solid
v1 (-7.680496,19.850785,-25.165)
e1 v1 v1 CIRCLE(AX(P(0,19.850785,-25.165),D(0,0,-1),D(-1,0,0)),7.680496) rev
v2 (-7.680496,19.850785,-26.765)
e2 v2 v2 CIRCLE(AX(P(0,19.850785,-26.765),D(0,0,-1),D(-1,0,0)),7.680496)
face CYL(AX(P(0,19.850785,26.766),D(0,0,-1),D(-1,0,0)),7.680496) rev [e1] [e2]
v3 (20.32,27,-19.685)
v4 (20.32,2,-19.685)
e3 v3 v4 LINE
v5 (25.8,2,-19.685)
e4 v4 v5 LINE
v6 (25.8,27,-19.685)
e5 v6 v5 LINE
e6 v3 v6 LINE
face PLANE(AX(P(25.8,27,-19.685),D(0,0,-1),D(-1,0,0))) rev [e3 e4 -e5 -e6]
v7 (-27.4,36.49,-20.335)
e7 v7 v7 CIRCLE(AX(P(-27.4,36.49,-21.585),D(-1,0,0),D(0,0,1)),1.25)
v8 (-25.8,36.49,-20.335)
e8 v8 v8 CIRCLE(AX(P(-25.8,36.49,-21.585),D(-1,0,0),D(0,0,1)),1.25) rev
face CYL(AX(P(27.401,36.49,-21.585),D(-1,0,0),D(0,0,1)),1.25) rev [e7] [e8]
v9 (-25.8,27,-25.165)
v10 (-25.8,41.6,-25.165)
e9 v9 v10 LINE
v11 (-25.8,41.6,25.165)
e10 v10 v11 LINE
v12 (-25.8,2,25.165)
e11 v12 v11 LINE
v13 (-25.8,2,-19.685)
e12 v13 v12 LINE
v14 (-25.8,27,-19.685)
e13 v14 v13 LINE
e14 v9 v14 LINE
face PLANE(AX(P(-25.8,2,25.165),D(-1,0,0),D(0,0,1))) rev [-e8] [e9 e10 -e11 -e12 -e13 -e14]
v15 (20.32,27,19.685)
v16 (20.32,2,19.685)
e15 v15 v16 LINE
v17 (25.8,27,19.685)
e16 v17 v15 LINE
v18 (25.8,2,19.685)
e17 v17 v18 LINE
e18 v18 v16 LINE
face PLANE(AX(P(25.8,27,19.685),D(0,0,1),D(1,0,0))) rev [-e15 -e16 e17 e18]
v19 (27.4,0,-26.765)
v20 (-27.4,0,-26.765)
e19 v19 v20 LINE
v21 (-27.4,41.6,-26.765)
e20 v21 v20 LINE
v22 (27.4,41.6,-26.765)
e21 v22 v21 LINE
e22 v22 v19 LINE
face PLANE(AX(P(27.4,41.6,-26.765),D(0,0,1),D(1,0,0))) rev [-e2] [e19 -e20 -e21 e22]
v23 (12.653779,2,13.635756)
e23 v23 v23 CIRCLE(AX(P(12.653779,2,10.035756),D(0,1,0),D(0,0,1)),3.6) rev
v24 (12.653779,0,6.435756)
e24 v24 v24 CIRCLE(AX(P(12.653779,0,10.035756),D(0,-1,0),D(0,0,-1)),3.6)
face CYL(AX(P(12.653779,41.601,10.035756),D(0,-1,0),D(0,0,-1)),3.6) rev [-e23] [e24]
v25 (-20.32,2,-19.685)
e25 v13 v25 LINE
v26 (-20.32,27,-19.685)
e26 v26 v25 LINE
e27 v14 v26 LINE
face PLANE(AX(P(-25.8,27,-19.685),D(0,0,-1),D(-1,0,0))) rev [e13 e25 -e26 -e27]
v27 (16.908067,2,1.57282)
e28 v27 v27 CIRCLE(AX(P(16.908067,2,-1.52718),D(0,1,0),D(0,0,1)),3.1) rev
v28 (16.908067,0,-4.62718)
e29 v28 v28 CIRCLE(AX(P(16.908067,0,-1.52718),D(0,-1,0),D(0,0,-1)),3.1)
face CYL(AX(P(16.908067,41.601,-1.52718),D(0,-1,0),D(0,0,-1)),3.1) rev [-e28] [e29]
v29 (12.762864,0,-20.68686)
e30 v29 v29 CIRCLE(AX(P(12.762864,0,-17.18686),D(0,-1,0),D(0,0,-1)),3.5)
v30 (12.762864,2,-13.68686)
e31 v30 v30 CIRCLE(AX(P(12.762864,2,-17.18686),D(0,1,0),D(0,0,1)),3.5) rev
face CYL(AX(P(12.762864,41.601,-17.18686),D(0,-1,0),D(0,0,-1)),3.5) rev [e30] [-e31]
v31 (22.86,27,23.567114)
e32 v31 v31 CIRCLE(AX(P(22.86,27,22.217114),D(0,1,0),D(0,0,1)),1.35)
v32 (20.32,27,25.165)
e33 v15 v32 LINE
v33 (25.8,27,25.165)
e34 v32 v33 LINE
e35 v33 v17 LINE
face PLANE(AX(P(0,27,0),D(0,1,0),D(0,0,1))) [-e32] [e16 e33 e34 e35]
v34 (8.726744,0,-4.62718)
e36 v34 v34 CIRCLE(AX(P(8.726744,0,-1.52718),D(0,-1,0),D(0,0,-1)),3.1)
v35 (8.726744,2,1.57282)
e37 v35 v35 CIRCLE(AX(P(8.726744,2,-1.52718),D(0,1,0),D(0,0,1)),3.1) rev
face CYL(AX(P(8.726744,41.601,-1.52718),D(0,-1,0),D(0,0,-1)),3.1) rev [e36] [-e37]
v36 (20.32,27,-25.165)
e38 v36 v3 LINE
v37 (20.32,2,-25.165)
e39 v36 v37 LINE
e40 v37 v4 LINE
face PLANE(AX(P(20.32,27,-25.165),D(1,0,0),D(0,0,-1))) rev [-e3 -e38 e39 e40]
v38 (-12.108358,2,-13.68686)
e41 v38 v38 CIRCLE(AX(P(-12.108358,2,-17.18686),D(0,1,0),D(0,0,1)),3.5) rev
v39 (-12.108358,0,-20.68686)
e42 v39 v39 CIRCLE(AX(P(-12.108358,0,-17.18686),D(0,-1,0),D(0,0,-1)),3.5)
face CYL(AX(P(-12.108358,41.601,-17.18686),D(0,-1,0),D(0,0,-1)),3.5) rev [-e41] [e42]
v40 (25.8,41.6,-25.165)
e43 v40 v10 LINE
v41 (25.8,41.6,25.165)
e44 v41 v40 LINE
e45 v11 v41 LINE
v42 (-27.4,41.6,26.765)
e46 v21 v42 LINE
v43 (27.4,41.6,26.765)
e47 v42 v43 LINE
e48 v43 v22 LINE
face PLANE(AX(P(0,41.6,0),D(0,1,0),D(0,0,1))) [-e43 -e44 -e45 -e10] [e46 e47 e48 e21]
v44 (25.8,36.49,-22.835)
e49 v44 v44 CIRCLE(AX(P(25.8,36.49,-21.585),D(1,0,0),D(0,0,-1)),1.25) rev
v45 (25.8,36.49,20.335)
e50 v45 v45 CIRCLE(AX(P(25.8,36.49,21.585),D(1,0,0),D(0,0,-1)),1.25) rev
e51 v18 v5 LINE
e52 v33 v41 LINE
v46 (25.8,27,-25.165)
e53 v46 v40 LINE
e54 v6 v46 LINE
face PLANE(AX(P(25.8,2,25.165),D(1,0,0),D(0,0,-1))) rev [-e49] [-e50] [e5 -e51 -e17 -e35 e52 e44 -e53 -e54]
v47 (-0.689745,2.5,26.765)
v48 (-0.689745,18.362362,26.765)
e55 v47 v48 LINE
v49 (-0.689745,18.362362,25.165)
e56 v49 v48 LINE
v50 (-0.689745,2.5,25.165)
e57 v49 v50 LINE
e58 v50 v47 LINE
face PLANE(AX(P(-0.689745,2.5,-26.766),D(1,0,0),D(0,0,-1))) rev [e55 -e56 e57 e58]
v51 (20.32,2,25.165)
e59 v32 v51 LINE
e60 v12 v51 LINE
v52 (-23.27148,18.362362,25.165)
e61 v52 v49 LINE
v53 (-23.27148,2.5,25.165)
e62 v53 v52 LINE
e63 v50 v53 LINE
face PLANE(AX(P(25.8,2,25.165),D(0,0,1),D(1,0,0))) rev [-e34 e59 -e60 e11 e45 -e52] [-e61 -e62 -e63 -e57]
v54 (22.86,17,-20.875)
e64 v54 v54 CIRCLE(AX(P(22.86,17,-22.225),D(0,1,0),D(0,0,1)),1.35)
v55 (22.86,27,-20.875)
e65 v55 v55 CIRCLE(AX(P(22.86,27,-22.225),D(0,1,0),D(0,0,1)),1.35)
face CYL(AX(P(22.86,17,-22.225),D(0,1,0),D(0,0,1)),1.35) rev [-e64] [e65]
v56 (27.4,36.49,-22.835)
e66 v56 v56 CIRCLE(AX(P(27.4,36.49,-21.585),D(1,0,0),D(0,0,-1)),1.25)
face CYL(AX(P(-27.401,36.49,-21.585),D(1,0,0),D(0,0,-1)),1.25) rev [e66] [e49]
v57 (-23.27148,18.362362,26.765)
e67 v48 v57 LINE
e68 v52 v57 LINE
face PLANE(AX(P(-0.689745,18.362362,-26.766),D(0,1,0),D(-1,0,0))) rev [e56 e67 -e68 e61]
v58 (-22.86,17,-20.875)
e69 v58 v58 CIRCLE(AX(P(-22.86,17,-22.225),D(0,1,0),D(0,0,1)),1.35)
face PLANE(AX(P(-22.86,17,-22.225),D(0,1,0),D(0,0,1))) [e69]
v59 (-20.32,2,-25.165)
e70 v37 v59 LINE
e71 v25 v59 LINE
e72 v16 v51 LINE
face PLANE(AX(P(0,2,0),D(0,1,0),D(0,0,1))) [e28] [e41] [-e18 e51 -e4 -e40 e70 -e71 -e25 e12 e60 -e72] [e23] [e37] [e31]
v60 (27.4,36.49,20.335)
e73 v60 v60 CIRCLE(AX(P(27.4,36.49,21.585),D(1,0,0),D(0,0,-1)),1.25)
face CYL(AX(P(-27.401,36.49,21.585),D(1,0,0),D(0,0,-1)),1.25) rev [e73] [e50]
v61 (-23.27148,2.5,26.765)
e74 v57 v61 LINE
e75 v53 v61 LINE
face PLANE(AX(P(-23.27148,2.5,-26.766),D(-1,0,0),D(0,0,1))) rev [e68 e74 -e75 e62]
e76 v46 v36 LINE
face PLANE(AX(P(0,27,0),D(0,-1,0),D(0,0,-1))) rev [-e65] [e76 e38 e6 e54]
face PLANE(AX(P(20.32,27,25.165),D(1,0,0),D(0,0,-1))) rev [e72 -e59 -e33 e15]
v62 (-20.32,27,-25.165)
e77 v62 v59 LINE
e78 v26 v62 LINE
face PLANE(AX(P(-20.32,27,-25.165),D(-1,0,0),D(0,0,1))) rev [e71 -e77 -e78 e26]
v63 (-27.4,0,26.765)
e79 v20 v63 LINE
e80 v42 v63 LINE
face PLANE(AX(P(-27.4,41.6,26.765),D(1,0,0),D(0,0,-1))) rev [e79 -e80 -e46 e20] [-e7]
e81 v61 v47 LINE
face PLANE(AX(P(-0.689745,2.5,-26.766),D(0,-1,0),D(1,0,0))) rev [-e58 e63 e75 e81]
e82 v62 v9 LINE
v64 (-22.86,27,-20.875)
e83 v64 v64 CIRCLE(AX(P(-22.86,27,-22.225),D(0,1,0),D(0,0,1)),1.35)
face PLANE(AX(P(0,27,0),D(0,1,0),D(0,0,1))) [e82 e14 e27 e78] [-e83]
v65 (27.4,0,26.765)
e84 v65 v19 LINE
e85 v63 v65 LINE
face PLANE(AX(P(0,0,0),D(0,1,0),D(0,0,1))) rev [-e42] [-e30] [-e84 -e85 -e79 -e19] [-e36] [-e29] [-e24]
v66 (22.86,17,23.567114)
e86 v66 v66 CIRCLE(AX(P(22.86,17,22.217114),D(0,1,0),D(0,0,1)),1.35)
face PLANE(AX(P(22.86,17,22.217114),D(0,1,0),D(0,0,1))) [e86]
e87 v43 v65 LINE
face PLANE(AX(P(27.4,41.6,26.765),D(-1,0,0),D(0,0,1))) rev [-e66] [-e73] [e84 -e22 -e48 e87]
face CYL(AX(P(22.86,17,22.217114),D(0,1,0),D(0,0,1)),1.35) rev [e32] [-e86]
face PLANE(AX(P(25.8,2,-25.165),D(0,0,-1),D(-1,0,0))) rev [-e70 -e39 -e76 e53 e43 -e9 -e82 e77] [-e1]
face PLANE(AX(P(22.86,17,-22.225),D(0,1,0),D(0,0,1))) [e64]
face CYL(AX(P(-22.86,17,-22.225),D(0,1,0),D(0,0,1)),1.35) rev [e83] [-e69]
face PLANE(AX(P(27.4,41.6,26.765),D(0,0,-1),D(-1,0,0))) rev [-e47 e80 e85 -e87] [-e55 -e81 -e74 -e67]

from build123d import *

# Parameters (mm, degrees)
SKETCH1_W           = 54.8
SKETCH1_H           = 53.53
BOSS_EXTRUDE1_DEPTH = 41.6
SKETCH2_W           = 51.6
SKETCH2_H           = 50.33
CUT_EXTRUDE1_DEPTH  = 39.6
SKETCH3_W           = 5.48
SKETCH3_H           = 5.48
BOSS_EXTRUDE2_DEPTH = 25
SKETCH4_R           = 1.35
CUT_EXTRUDE2_DEPTH  = 10
CUT_EXTRUDE3_REACH  = 43.6
SKETCH5_R           = 3.5
CUT_EXTRUDE4_REACH  = 43.6
SKETCH6_R           = 3.1
CUT_EXTRUDE5_REACH  = 43.6
SKETCH7_R           = 3.6
CUT_EXTRUDE6_REACH  = 56.8
SKETCH8_R           = 1.25
CUT_EXTRUDE7_REACH  = 56.8
SKETCH10_R          = 1.25
CUT_EXTRUDE8_REACH  = 55.53
SKETCH12_R          = 7.680495542
CUT_EXTRUDE9_REACH  = 55.53
SKETCH13_W          = 22.581735489
SKETCH13_H          = 15.862362247
CUT_EXTRUDE10_REACH = 56.8
SKETCH14_R          = 1.25


with BuildPart() as part:
    # Sketch1 → Boss-Extrude1 (new body)
    with BuildSketch(Plane(origin=(0, 0, 0), x_dir=(1, 0, 0), z_dir=(0, 1, 0))):
        Rectangle(SKETCH1_W, SKETCH1_H)
    extrude(amount=BOSS_EXTRUDE1_DEPTH)

    # Sketch2 → Cut-Extrude1 (cut)
    with BuildSketch(Plane(origin=(0, 41.6, 0), x_dir=(1, 0, 0), z_dir=(0, 1, 0))):
        Rectangle(SKETCH2_W, SKETCH2_H)
    extrude(amount=-CUT_EXTRUDE1_DEPTH, mode=Mode.SUBTRACT)

    # Sketch3 → Boss-Extrude2 (add)
    with BuildSketch(Plane(origin=(0, 2, 0), x_dir=(1, 0, 0), z_dir=(0, 1, 0))):
        with Locations((-23.06, 22.425)):
            Rectangle(SKETCH3_W, SKETCH3_H)
        with Locations((23.06, 22.425)):
            Rectangle(SKETCH3_W, SKETCH3_H)
        with Locations((23.06, -22.425)):
            Rectangle(SKETCH3_W, SKETCH3_H)
    extrude(amount=BOSS_EXTRUDE2_DEPTH)

    # Sketch4 → Cut-Extrude2 (cut)
    with BuildSketch(Plane(origin=(0, 27, 0), x_dir=(1, 0, 0), z_dir=(0, 1, 0))):
        with Locations((-22.86, 22.225)):
            Circle(SKETCH4_R)
        with Locations((22.86, 22.225)):
            Circle(SKETCH4_R)
        with Locations((22.86, -22.217113742)):
            Circle(SKETCH4_R)
    extrude(amount=-CUT_EXTRUDE2_DEPTH, mode=Mode.SUBTRACT)

    # Sketch5 → Cut-Extrude3 (cut, up to next)
    with BuildSketch(Plane(origin=(0, 0, 0), x_dir=(-1, 0, 0), z_dir=(0, -1, 0)), mode=Mode.PRIVATE) as cut_extrude3_sk1:
        with Locations((-12.762863618, 17.186859774)):
            Circle(SKETCH5_R)
    cut_extrude3_tool1 = extrude(cut_extrude3_sk1.sketch, amount=-CUT_EXTRUDE3_REACH, mode=Mode.PRIVATE) & part.part
    add(cut_extrude3_tool1.solids().sort_by_distance((12.762864, 0, -17.18686))[0], mode=Mode.SUBTRACT)
    # Sketch5 → Cut-Extrude3 (cut, up to next)
    with BuildSketch(Plane(origin=(0, 0, 0), x_dir=(-1, 0, 0), z_dir=(0, -1, 0)), mode=Mode.PRIVATE) as cut_extrude3_sk2:
        with Locations((12.108357792, 17.186859774)):
            Circle(SKETCH5_R)
    cut_extrude3_tool2 = extrude(cut_extrude3_sk2.sketch, amount=-CUT_EXTRUDE3_REACH, mode=Mode.PRIVATE) & part.part
    add(cut_extrude3_tool2.solids().sort_by_distance((-12.108358, 0, -17.18686))[0], mode=Mode.SUBTRACT)

    # Sketch6 → Cut-Extrude4 (cut, up to next)
    with BuildSketch(Plane(origin=(0, 0, 0), x_dir=(-1, 0, 0), z_dir=(0, -1, 0)), mode=Mode.PRIVATE) as cut_extrude4_sk1:
        with Locations((-16.908067186, 1.527180262)):
            Circle(SKETCH6_R)
    cut_extrude4_tool1 = extrude(cut_extrude4_sk1.sketch, amount=-CUT_EXTRUDE4_REACH, mode=Mode.PRIVATE) & part.part
    add(cut_extrude4_tool1.solids().sort_by_distance((16.908067, 0, -1.52718))[0], mode=Mode.SUBTRACT)
    # Sketch6 → Cut-Extrude4 (cut, up to next)
    with BuildSketch(Plane(origin=(0, 0, 0), x_dir=(-1, 0, 0), z_dir=(0, -1, 0)), mode=Mode.PRIVATE) as cut_extrude4_sk2:
        with Locations((-8.726744354, 1.527180262)):
            Circle(SKETCH6_R)
    cut_extrude4_tool2 = extrude(cut_extrude4_sk2.sketch, amount=-CUT_EXTRUDE4_REACH, mode=Mode.PRIVATE) & part.part
    add(cut_extrude4_tool2.solids().sort_by_distance((8.726744, 0, -1.52718))[0], mode=Mode.SUBTRACT)

    # Sketch7 → Cut-Extrude5 (cut, up to next)
    with BuildSketch(Plane(origin=(0, 0, 0), x_dir=(-1, 0, 0), z_dir=(0, -1, 0)), mode=Mode.PRIVATE) as cut_extrude5_sk1:
        with Locations((-12.653779314, -10.035756007)):
            Circle(SKETCH7_R)
    cut_extrude5_tool1 = extrude(cut_extrude5_sk1.sketch, amount=-CUT_EXTRUDE5_REACH, mode=Mode.PRIVATE) & part.part
    add(cut_extrude5_tool1.solids().sort_by_distance((12.653779, 0, 10.035756))[0], mode=Mode.SUBTRACT)

    # Sketch8 → Cut-Extrude6 (cut, up to next)
    with BuildSketch(Plane(origin=(27.4, 0, 0), x_dir=(0, 0, -1), z_dir=(1, 0, 0)), mode=Mode.PRIVATE) as cut_extrude6_sk1:
        with Locations((-21.585, 36.49)):
            Circle(SKETCH8_R)
    cut_extrude6_tool1 = extrude(cut_extrude6_sk1.sketch, amount=-CUT_EXTRUDE6_REACH, mode=Mode.PRIVATE) & part.part
    add(cut_extrude6_tool1.solids().sort_by_distance((27.4, 36.49, 21.585))[0], mode=Mode.SUBTRACT)

    # Sketch10 → Cut-Extrude7 (cut, up to next)
    with BuildSketch(Plane.ZY.offset(27.4), mode=Mode.PRIVATE) as cut_extrude7_sk1:
        with Locations((-21.585, 36.49)):
            Circle(SKETCH10_R)
    cut_extrude7_tool1 = extrude(cut_extrude7_sk1.sketch, amount=-CUT_EXTRUDE7_REACH, mode=Mode.PRIVATE) & part.part
    add(cut_extrude7_tool1.solids().sort_by_distance((-27.4, 36.49, -21.585))[0], mode=Mode.SUBTRACT)

    # Sketch12 → Cut-Extrude8 (cut, up to next)
    with BuildSketch(Plane(origin=(0, 0, -26.765), x_dir=(-1, 0, 0), z_dir=(0, 0, -1)), mode=Mode.PRIVATE) as cut_extrude8_sk1:
        with Locations((0, 19.850785186)):
            Circle(SKETCH12_R)
    cut_extrude8_tool1 = extrude(cut_extrude8_sk1.sketch, amount=-CUT_EXTRUDE8_REACH, mode=Mode.PRIVATE) & part.part
    add(cut_extrude8_tool1.solids().sort_by_distance((0, 19.850785, -26.765))[0], mode=Mode.SUBTRACT)

    # Sketch13 → Cut-Extrude9 (cut, up to next)
    with BuildSketch(Plane.XY.offset(26.765), mode=Mode.PRIVATE) as cut_extrude9_sk1:
        with Locations((-11.980612505, 10.431181124)):
            Rectangle(SKETCH13_W, SKETCH13_H)
    cut_extrude9_tool1 = extrude(cut_extrude9_sk1.sketch, amount=-CUT_EXTRUDE9_REACH, mode=Mode.PRIVATE) & part.part
    add(cut_extrude9_tool1.solids().sort_by_distance((-11.980613, 10.431181, 26.765))[0], mode=Mode.SUBTRACT)

    # Sketch14 → Cut-Extrude10 (cut, up to next)
    with BuildSketch(Plane(origin=(27.4, 0, 0), x_dir=(0, 0, -1), z_dir=(1, 0, 0)), mode=Mode.PRIVATE) as cut_extrude10_sk1:
        with Locations((21.585, 36.49)):
            Circle(SKETCH14_R)
    cut_extrude10_tool1 = extrude(cut_extrude10_sk1.sketch, amount=-CUT_EXTRUDE10_REACH, mode=Mode.PRIVATE) & part.part
    add(cut_extrude10_tool1.solids().sort_by_distance((27.4, 36.49, -21.585))[0], mode=Mode.SUBTRACT)


solid = part.part
